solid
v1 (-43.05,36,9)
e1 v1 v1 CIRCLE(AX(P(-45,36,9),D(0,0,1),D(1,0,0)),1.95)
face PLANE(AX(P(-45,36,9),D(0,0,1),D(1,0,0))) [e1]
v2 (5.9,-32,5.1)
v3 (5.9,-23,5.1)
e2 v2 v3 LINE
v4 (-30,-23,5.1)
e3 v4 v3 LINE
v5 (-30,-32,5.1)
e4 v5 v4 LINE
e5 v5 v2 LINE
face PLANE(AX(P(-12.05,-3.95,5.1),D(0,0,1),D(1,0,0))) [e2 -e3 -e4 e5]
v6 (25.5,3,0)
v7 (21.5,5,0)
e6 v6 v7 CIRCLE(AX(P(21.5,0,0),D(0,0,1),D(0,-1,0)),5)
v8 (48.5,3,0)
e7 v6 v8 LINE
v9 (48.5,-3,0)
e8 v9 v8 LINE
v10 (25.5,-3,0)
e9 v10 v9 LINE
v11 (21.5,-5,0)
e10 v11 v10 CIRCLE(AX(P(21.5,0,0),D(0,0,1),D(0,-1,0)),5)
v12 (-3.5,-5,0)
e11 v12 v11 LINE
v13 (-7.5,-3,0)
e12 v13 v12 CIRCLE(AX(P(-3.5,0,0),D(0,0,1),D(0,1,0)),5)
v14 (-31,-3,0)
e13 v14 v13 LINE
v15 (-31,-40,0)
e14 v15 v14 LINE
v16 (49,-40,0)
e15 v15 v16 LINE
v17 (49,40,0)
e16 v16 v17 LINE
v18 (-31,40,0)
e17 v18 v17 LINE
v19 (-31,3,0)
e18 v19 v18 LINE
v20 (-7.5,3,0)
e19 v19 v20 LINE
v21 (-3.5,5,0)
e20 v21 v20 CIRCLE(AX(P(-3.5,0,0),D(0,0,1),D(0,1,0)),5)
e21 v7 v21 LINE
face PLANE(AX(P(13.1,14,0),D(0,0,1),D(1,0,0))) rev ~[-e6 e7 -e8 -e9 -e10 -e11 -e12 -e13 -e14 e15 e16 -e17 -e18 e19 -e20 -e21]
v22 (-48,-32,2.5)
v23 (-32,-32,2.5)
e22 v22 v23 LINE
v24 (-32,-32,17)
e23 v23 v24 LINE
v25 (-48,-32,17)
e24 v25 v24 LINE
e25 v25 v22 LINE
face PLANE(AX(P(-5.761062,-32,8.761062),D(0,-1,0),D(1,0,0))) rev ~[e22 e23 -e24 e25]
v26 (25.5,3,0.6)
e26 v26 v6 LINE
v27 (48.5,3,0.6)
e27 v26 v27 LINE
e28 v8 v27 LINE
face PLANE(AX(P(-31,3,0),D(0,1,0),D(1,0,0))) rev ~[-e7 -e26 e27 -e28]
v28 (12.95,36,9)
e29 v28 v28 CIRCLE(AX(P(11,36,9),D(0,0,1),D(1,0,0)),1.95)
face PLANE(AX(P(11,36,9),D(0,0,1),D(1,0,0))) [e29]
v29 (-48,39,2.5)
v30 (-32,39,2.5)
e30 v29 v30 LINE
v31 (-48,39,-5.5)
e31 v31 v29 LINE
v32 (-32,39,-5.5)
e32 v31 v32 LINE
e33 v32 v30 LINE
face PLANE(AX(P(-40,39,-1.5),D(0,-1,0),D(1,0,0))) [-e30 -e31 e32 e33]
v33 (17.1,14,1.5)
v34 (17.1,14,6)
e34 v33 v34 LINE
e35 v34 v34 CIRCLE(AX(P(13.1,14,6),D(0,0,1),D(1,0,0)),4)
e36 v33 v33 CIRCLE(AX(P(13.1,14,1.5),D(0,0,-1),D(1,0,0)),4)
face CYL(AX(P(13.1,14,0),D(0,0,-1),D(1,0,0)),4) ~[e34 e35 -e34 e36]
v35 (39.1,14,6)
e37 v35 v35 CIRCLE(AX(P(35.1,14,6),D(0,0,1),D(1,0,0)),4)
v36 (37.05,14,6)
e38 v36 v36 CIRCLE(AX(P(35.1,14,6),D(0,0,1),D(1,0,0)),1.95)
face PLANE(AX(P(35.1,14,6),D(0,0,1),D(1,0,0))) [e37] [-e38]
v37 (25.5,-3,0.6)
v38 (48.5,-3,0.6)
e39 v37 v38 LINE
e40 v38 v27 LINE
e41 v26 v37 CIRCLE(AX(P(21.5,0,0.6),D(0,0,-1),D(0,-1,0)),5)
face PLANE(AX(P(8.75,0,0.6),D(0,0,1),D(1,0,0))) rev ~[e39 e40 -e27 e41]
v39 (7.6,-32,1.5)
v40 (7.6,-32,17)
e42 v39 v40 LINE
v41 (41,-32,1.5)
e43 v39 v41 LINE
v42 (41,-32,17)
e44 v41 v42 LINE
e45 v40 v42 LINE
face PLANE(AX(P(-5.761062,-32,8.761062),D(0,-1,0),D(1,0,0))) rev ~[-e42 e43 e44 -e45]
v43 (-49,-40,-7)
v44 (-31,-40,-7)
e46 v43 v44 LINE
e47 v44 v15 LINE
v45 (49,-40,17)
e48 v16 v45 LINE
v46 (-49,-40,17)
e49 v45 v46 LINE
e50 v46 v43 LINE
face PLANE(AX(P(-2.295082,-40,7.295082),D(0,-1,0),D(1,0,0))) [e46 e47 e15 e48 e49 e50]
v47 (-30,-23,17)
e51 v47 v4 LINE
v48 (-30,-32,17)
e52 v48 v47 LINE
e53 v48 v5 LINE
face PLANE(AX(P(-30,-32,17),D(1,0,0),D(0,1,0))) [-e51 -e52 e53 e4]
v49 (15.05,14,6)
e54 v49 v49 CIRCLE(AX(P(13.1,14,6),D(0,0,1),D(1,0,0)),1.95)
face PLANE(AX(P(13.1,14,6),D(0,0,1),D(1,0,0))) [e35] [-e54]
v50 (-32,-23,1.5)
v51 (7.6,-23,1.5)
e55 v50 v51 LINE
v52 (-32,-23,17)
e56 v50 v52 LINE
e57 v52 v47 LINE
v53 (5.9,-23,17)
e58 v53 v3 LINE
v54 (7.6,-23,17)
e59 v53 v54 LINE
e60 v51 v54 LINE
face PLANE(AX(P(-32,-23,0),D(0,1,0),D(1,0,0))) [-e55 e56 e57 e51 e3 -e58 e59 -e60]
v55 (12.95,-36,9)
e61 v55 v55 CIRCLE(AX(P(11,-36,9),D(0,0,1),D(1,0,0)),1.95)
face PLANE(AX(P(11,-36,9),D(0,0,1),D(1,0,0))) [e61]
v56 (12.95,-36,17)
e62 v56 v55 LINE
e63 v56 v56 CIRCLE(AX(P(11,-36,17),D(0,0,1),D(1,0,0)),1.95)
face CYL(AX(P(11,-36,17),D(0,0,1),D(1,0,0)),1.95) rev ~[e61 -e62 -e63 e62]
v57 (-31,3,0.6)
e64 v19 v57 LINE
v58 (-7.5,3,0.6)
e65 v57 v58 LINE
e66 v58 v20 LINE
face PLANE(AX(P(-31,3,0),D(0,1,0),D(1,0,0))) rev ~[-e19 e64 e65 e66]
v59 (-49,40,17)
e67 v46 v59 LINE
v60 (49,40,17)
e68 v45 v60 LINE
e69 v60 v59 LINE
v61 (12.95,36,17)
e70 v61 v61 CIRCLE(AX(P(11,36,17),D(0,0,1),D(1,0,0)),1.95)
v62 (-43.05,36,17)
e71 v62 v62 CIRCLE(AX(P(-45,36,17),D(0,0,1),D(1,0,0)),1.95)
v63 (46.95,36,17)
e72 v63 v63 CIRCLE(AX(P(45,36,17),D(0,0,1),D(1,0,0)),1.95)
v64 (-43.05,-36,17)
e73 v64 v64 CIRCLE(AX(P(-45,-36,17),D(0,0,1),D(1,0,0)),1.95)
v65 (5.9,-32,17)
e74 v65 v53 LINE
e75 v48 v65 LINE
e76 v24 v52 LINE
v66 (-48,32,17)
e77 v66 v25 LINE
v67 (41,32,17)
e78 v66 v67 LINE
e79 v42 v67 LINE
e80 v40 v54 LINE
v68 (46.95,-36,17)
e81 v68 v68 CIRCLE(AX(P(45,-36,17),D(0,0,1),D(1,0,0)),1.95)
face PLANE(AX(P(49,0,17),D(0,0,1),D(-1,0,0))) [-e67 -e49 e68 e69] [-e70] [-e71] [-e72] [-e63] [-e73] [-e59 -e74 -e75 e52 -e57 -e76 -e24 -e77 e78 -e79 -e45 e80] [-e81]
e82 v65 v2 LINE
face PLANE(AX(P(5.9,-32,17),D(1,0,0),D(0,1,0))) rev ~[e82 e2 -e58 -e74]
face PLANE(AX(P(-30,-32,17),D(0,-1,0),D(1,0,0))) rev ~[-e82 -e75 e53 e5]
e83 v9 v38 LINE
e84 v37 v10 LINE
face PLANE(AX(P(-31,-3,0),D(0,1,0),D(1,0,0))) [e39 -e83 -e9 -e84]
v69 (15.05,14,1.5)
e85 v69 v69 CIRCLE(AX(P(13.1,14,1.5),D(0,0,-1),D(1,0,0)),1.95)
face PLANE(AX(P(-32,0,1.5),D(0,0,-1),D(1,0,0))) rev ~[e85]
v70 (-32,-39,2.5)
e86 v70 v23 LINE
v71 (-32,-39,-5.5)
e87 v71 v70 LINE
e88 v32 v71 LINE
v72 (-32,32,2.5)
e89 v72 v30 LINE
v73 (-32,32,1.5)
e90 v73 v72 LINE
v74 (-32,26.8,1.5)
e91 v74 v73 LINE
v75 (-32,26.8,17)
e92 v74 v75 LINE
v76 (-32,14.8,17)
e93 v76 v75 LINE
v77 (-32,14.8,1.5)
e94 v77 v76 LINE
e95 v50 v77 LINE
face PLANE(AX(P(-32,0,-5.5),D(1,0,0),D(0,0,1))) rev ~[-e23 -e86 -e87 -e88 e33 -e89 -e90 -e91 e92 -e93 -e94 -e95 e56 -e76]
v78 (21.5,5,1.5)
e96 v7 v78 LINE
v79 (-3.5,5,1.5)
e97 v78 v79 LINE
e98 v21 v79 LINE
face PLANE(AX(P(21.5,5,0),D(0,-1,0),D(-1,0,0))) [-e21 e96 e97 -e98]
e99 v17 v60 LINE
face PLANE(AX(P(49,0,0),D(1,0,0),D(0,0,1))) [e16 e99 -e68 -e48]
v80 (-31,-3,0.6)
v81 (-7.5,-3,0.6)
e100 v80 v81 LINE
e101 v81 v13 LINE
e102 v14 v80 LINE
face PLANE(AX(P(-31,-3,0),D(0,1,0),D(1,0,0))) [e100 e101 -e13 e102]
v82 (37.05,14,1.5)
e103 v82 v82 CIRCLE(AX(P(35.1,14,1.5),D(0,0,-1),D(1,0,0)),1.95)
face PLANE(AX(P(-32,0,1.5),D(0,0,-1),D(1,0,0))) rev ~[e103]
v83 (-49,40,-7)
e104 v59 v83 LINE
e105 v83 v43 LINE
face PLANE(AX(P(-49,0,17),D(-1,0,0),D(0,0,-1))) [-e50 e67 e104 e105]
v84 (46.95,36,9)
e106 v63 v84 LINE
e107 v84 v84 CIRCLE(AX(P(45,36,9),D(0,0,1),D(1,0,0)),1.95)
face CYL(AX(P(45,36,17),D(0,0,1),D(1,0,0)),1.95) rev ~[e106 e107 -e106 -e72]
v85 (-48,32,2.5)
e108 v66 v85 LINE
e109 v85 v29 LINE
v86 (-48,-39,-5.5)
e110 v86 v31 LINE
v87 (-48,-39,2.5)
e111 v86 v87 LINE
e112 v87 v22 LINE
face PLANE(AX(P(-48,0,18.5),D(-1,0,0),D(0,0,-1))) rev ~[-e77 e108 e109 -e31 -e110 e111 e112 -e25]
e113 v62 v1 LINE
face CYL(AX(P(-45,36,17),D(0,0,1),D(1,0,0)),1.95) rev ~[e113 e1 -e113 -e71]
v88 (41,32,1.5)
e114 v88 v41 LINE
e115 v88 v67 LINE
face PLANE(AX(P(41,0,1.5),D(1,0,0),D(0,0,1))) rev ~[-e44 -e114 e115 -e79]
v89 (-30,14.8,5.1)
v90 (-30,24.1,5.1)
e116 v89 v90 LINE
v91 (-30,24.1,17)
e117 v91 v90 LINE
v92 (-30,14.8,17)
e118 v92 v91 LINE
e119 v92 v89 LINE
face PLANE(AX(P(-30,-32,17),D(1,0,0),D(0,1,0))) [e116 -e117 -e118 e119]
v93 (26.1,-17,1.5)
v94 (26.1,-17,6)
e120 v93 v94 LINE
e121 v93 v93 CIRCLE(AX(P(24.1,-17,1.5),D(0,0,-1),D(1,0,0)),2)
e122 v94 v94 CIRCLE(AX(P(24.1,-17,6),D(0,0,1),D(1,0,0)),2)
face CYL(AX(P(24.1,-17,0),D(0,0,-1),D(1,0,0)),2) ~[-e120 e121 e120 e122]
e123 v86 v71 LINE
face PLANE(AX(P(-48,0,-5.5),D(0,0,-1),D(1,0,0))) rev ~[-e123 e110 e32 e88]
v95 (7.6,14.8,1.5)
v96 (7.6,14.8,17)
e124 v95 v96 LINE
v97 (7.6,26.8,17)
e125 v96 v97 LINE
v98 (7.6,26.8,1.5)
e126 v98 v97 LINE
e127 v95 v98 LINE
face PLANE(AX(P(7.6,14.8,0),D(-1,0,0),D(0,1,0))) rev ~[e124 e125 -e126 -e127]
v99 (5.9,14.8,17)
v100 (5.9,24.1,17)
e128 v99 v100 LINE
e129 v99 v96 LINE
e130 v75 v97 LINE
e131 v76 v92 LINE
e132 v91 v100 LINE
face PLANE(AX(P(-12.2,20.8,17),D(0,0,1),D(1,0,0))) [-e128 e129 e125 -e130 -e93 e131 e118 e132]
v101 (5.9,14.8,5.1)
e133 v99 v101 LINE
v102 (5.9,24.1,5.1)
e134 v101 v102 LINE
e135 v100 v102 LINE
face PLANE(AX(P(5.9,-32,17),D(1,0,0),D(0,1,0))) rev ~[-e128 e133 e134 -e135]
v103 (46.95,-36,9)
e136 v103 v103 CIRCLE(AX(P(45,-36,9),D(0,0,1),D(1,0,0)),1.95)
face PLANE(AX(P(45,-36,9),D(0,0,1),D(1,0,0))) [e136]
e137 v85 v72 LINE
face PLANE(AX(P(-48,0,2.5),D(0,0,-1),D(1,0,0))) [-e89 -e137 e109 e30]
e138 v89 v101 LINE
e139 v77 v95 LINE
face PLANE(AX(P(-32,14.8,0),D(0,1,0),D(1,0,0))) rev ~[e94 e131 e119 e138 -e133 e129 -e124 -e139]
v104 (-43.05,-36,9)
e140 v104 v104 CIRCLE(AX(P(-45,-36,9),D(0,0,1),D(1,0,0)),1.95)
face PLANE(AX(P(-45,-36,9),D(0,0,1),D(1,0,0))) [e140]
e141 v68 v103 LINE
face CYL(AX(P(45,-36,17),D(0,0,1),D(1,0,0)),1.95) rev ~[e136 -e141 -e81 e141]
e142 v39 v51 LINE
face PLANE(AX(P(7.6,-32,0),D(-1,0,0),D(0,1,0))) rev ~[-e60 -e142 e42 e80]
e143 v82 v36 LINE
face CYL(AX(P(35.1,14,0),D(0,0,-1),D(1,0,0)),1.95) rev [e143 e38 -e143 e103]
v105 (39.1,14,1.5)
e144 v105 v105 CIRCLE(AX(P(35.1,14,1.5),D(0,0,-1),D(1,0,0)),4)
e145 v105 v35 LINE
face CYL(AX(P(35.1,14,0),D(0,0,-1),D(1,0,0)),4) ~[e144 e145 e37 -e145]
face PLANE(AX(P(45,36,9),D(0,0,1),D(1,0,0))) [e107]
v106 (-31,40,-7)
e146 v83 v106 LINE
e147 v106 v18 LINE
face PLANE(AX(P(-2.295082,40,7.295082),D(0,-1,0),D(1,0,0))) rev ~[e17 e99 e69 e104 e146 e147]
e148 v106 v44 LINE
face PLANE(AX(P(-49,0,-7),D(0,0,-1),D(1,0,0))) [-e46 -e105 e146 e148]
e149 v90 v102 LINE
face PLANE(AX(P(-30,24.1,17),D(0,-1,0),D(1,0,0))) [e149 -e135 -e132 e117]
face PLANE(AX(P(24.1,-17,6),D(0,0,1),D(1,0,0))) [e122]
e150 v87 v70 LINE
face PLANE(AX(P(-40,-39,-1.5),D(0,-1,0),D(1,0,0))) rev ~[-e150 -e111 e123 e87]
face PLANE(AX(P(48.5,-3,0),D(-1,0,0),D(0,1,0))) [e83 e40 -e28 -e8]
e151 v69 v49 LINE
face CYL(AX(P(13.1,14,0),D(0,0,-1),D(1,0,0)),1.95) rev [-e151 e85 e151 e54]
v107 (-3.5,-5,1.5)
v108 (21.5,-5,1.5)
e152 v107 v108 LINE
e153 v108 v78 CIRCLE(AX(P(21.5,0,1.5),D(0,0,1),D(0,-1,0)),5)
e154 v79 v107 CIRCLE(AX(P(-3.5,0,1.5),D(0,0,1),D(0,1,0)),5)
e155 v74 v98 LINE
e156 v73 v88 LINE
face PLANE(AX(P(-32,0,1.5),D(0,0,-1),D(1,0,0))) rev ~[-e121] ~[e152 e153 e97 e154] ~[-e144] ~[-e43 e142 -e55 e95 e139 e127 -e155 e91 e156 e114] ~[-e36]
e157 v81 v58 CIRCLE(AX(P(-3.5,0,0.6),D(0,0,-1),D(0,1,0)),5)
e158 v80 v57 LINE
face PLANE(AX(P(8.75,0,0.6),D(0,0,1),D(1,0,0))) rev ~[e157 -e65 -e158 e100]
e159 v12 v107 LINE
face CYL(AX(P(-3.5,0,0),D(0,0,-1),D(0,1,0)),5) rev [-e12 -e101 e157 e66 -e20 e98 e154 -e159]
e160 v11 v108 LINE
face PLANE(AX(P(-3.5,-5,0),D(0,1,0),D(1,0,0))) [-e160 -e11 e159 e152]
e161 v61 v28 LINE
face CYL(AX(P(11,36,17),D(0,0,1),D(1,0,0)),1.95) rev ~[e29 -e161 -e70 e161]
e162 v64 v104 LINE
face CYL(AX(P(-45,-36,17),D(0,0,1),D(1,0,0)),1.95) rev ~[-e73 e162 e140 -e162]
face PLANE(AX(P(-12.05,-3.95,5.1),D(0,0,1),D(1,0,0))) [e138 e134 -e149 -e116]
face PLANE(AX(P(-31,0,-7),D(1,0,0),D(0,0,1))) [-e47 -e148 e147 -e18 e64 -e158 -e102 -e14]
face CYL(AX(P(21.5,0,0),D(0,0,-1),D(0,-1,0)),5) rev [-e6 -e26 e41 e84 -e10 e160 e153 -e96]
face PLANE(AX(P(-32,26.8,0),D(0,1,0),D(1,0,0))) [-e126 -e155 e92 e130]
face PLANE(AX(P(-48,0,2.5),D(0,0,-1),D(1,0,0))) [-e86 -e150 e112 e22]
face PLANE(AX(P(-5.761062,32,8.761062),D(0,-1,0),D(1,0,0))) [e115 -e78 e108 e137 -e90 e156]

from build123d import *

# Parameters (mm, degrees)
PAD_DEPTH       = 40
POCKET_DEPTH    = 32
POCKET001_DEPTH = 1.5
SKETCH007_R     = 4
SKETCH007_R_2   = 1.95
SKETCH007_R_3   = 2
PAD005_DEPTH    = 6
SKETCH008_W     = 16
SKETCH008_H     = 8
POCKET002_DEPTH = 39
SKETCH013_R     = 1.95
POCKET003_DEPTH = 8
SKETCH018_W     = 39.6
SKETCH018_H     = 12
SKETCH018_H_2   = 9
PAD012_DEPTH    = 17
SKETCH019_W     = 35.9
SKETCH019_H     = 56.1
POCKET006_DEPTH = 11.9
SKETCH023_W     = 79.5
SKETCH023_H     = 6
POCKET007_DEPTH = 0.6


with BuildPart() as part:
    # Sketch → Pad (new body, symmetric)
    with BuildSketch(Plane.XZ):
        Polygon((-49, 17), (-49, -7), (-31, -7), (-31, 0), (49, 0), (49, 17), align=None)
    extrude(amount=PAD_DEPTH, both=True)

    # Sketch001 → Pocket (cut, symmetric)
    with BuildSketch(Plane.XZ):
        Polygon((-32, 1.5), (41, 1.5), (41, 18.5), (-48, 18.5), (-48, -5.5), (-32, -5.5), align=None)
    extrude(amount=POCKET_DEPTH, both=True, mode=Mode.SUBTRACT)

    # Sketch004 → Pocket001 (cut)
    with BuildSketch(Plane.XY):
        with BuildLine():
            ThreePointArc((-3.5, 5), (-8.5, 0), (-3.5, -5))
            Line((-3.5, -5), (21.5, -5))
            ThreePointArc((21.5, -5), (26.5, 0), (21.5, 5))
            Line((21.5, 5), (-3.5, 5))
        make_face()
    extrude(amount=POCKET001_DEPTH, mode=Mode.SUBTRACT)

    # Sketch007 → Pad005 (join)
    with BuildSketch(Plane.XY):
        with Locations((13.1, 14)):
            Circle(SKETCH007_R)
        with Locations((13.1, 14)):
            Circle(SKETCH007_R_2, mode=Mode.SUBTRACT)
        with Locations((35.1, 14)):
            Circle(SKETCH007_R)
        with Locations((35.1, 14)):
            Circle(SKETCH007_R_2, mode=Mode.SUBTRACT)
        with Locations((24.1, -17)):
            Circle(SKETCH007_R_3)
    extrude(amount=PAD005_DEPTH)

    # Sketch008 → Pocket002 (cut, symmetric)
    with BuildSketch(Plane.XZ):
        with Locations((-40, -1.5)):
            Rectangle(SKETCH008_W, SKETCH008_H)
    extrude(amount=POCKET002_DEPTH, both=True, mode=Mode.SUBTRACT)

    # Sketch013 (on DatumPlane) → Pocket003 (cut)
    with BuildSketch(Plane.XY.offset(17)):
        with Locations((-45, 36)):
            Circle(SKETCH013_R)
        with Locations((11, 36)):
            Circle(SKETCH013_R)
        with Locations((45, 36)):
            Circle(SKETCH013_R)
        with Locations((45, -36)):
            Circle(SKETCH013_R)
        with Locations((11, -36)):
            Circle(SKETCH013_R)
        with Locations((-45, -36)):
            Circle(SKETCH013_R)
    extrude(amount=-POCKET003_DEPTH, mode=Mode.SUBTRACT)

    # Sketch018 → Pad012 (join)
    with BuildSketch(Plane.XY):
        with Locations((-12.2, 20.8)):
            Rectangle(SKETCH018_W, SKETCH018_H)
        with Locations((-12.2, -27.5)):
            Rectangle(SKETCH018_W, SKETCH018_H_2)
    extrude(amount=PAD012_DEPTH)

    # Sketch019 (on DatumPlane) → Pocket006 (cut)
    with BuildSketch(Plane.XY.offset(17)):
        with Locations((-12.05, -3.95)):
            Rectangle(SKETCH019_W, SKETCH019_H)
    extrude(amount=-POCKET006_DEPTH, mode=Mode.SUBTRACT)

    # Sketch023 → Pocket007 (cut)
    with BuildSketch(Plane.XY):
        with Locations((8.75, 0)):
            Rectangle(SKETCH023_W, SKETCH023_H)
    extrude(amount=POCKET007_DEPTH, mode=Mode.SUBTRACT)


solid = part.part
